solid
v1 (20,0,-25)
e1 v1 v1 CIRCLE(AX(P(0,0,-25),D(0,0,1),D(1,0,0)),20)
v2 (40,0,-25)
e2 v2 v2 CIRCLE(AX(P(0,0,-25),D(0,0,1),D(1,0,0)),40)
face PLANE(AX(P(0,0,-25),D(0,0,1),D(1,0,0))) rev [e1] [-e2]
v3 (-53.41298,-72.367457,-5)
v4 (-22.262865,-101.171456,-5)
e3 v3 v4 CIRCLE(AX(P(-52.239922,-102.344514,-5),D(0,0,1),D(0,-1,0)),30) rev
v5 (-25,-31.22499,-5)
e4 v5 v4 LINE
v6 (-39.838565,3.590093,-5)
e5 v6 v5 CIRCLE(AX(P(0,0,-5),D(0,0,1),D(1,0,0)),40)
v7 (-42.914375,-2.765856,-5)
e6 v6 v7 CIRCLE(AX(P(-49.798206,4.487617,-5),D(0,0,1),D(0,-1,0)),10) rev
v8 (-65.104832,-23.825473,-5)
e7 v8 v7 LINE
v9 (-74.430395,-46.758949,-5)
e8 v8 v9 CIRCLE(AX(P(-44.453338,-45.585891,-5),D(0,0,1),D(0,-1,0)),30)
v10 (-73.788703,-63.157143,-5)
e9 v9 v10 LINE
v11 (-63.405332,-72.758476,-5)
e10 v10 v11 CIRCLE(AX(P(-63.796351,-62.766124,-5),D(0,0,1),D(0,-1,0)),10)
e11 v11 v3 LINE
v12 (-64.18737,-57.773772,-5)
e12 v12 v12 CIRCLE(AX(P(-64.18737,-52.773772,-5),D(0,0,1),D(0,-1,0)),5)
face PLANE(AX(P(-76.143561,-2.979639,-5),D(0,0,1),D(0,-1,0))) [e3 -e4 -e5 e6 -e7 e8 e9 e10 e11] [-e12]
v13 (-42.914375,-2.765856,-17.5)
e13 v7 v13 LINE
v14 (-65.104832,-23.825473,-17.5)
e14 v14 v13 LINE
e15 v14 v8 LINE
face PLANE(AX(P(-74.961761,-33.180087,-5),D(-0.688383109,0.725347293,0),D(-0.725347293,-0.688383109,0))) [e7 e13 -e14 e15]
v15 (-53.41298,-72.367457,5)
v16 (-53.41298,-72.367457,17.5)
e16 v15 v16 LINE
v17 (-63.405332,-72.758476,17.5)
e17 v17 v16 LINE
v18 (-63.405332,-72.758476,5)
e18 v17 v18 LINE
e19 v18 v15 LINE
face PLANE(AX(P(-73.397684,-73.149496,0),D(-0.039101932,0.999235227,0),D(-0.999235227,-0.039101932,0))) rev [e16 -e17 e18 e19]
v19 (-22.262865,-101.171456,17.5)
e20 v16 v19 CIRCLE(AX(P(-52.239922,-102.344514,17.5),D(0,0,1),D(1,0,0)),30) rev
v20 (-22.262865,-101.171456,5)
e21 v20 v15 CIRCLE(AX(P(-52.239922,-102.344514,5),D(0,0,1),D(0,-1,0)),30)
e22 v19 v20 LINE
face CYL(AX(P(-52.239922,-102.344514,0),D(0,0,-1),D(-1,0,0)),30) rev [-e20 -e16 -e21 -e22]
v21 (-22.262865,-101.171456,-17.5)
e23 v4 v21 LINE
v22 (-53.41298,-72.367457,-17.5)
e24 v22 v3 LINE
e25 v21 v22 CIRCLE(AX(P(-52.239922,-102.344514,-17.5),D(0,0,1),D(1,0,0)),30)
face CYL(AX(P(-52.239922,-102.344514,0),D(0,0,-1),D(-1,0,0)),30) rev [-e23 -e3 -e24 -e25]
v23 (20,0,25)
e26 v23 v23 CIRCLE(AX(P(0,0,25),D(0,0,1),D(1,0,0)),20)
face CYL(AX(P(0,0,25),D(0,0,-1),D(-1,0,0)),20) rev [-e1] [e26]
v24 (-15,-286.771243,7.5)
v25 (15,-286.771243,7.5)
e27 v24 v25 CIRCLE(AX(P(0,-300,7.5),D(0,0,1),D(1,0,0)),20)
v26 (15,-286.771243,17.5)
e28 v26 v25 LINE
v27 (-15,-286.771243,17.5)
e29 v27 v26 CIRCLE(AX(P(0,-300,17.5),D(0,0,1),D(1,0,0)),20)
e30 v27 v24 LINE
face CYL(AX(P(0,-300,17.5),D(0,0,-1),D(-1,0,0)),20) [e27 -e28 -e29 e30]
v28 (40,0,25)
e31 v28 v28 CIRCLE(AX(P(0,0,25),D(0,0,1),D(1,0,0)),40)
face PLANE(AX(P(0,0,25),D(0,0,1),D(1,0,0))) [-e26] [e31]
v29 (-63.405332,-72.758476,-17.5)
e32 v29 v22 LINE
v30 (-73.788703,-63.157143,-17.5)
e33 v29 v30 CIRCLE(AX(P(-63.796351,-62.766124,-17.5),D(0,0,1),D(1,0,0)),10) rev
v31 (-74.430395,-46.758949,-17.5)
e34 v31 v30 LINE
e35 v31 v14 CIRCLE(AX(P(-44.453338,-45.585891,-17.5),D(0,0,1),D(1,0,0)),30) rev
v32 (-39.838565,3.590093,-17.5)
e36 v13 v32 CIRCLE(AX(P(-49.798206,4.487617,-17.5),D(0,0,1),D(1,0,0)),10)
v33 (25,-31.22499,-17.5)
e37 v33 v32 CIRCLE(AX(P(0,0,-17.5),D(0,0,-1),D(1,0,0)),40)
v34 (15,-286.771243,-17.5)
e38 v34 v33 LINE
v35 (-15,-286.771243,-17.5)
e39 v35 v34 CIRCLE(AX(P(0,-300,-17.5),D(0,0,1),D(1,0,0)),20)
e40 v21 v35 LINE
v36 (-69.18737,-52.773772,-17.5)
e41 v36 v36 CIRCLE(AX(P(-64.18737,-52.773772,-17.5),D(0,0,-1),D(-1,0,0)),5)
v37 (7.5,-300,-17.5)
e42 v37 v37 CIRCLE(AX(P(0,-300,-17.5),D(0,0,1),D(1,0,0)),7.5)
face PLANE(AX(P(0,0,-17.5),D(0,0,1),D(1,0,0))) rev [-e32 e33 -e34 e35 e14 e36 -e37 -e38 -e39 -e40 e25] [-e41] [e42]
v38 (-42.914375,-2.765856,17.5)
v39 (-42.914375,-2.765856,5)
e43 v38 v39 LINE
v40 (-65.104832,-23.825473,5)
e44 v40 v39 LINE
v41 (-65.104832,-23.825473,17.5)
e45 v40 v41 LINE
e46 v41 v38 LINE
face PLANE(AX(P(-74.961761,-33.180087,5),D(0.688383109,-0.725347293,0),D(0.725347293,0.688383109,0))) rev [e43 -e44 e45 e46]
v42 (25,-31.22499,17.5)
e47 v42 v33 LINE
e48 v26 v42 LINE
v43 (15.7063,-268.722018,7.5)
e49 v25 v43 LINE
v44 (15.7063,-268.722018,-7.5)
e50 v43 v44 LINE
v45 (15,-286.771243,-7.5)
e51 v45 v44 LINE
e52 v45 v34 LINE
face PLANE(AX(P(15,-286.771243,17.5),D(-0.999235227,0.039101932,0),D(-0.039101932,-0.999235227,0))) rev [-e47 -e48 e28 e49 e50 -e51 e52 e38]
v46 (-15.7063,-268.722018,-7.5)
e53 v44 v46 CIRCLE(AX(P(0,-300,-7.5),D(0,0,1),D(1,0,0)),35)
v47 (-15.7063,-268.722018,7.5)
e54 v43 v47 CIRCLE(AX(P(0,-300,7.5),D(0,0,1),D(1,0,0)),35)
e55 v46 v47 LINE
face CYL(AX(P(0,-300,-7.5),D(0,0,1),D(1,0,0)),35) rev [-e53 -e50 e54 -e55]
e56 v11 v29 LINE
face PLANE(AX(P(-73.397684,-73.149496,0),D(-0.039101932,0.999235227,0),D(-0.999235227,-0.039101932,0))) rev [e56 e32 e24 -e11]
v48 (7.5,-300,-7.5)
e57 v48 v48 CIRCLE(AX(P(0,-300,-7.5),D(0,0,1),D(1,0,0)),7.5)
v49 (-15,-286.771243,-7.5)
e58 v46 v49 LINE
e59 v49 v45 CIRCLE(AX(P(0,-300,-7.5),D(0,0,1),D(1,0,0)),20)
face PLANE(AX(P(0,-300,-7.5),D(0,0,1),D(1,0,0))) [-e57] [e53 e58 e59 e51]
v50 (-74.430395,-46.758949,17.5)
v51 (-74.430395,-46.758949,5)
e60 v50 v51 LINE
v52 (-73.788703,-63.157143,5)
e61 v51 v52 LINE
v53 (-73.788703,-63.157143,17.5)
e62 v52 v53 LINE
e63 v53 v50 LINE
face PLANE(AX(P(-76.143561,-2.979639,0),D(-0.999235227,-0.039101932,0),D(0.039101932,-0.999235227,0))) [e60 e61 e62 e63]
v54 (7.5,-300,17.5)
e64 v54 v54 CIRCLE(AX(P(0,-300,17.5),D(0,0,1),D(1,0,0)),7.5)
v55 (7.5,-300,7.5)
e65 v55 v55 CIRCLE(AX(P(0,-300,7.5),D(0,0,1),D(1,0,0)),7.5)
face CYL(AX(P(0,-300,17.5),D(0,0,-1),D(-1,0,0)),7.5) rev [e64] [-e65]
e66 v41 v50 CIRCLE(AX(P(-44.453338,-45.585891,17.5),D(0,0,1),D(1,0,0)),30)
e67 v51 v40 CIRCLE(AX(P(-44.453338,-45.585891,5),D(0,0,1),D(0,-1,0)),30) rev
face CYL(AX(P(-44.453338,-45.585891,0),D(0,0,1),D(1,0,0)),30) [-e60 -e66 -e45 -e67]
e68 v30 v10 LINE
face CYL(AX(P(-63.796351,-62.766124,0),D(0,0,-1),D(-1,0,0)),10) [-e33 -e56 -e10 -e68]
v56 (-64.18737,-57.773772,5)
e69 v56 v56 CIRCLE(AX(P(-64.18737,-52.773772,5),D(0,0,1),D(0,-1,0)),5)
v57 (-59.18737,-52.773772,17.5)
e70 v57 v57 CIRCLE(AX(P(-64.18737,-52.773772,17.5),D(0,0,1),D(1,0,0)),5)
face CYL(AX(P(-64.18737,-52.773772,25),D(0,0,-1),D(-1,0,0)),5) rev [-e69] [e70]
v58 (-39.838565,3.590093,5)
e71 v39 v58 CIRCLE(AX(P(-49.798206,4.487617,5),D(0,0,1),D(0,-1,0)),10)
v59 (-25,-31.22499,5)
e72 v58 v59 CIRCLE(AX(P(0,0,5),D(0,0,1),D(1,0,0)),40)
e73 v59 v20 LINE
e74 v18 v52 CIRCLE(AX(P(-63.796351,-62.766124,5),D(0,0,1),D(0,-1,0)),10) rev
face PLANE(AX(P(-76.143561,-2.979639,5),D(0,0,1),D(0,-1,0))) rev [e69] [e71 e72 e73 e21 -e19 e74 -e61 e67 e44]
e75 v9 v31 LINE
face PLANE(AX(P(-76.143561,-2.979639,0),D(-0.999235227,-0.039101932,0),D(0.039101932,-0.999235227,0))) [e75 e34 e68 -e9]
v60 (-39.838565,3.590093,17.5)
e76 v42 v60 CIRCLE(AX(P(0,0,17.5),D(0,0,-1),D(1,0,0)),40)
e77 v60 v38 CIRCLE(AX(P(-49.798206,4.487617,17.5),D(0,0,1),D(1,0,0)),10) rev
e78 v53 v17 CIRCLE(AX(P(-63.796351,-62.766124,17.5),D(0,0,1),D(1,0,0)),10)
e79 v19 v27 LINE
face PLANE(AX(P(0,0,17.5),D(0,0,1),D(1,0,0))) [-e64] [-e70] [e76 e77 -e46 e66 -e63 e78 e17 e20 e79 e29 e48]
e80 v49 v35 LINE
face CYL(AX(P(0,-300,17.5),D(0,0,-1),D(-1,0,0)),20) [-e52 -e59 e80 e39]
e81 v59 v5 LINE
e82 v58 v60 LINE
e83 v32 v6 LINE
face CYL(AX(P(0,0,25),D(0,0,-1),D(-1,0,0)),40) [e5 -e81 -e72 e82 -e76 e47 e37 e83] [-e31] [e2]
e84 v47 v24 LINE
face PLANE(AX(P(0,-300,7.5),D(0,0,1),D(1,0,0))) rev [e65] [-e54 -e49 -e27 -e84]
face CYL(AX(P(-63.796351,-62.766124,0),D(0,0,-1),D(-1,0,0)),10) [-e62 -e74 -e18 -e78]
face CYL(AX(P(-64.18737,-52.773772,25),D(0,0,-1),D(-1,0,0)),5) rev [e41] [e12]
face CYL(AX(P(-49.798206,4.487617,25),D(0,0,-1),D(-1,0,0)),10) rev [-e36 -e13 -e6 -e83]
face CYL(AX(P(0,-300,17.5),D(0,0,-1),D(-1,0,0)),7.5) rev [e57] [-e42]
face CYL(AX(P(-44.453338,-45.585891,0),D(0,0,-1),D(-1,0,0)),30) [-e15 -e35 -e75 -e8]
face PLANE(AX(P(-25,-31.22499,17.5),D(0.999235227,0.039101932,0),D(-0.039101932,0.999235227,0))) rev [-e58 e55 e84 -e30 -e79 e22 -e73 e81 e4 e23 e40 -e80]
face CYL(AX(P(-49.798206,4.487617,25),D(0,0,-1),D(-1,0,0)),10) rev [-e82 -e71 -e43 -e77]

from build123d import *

# Parameters (mm, degrees)
SKETCH1_R           = 40
SKETCH1_R_2         = 20
BOSS_EXTRUDE1_DEPTH = 25
SKETCH3_R           = 7.5
BOSS_EXTRUDE3_DEPTH = 17.5
SKETCH5_R           = 35
CUT_EXTRUDE1_DEPTH  = 7.5
SKETCH6_W           = 12.5
SKETCH6_H           = 40
BOSS_EXTRUDE4_DEPTH = 50
SKETCH7_R           = 5
CUT_EXTRUDE2_DEPTH  = 43.5
BOSS_EXTRUDE5_DEPTH = 12.5
FILLET2_R           = 10
FILLET3_R           = 30
FILLET4_R           = 10
FILLET5_R           = 30


with BuildPart() as part:
    # Sketch1 → Boss-Extrude1 (new body, symmetric)
    with BuildSketch(Plane.XY):
        Circle(SKETCH1_R)
        Circle(SKETCH1_R_2, mode=Mode.SUBTRACT)
    extrude(amount=BOSS_EXTRUDE1_DEPTH, both=True)

    # Sketch3 → Boss-Extrude3 (add, symmetric)
    with BuildSketch(Plane.XY):
        with BuildLine():
            Line((-25, -31.224989992), (-15, -286.771243445))
            ThreePointArc((-15, -286.771243445), (0, -320), (15, -286.771243445))
            Line((15, -286.771243445), (25, -31.224989992))
            ThreePointArc((25, -31.224989992), (0, -40), (-25, -31.224989992))
        make_face()
        with Locations((0, -300)):
            Circle(SKETCH3_R, mode=Mode.SUBTRACT)
    extrude(amount=BOSS_EXTRUDE3_DEPTH, both=True)

    # Sketch5 → Cut-Extrude1 (cut, symmetric)
    with BuildSketch(Plane.XY):
        with Locations((0, -300)):
            Circle(SKETCH5_R)
    extrude(amount=CUT_EXTRUDE1_DEPTH, both=True, mode=Mode.SUBTRACT)

    # Sketch6 → Boss-Extrude4 (add)
    with BuildSketch(Plane(origin=(-26.181799658, -1.024542497, 0), x_dir=(0, 0, 1), z_dir=(-0.999235227, -0.039101932, 0))):
        with Locations((11.25, -50.223561659)):
            Rectangle(SKETCH6_W, SKETCH6_H)
        with Locations((-11.25, -50.223561659)):
            Rectangle(SKETCH6_W, SKETCH6_H)
    extrude(amount=BOSS_EXTRUDE4_DEPTH)

    # Sketch7 → Cut-Extrude2 (cut, through all)
    with BuildSketch(Plane(origin=(0, 0, -17.5), x_dir=(-1, 0, 0), z_dir=(0, 0, -1))):
        with Locations((64.187370437, -52.773771819)):
            Circle(SKETCH7_R)
    extrude(amount=-CUT_EXTRUDE2_DEPTH, mode=Mode.SUBTRACT)

    # Sketch8 → Boss-Extrude5 (add)
    with BuildSketch(Plane(origin=(0, 0, -17.5), x_dir=(-1, 0, 0), z_dir=(0, 0, -1))):
        with BuildLine():
            Line((74.961761351, -33.180086601), (40, 0))
            ThreePointArc((40, 0), (36.055512755, -17.320508076), (25, -31.224989992))
            Line((25, -31.224989992), (74.961761351, -33.180086601))
        make_face()
    boss_extrude5 = extrude(amount=-BOSS_EXTRUDE5_DEPTH)

    # Mirror2: Boss-Extrude5 across plane
    add(boss_extrude5.mirror(Plane.XY))

    # Fillet2
    fillet2_edges = [part.edges().sort_by_distance(p)[0] for p in [
        (-73.397684064, -73.149495681, 11.25),
        (-73.397684064, -73.149495681, -11.25),
    ]]
    fillet(fillet2_edges, radius=FILLET2_R)

    # Fillet3
    fillet3_edges = [part.edges().sort_by_distance(p)[0] for p in [
        (-23.435922713, -71.194399072, 11.25),
        (-23.435922713, -71.194399072, -11.25),
    ]]
    fillet(fillet3_edges, radius=FILLET3_R)

    # Fillet4
    fillet4_edges = [part.edges().sort_by_distance(p)[0] for p in [
        (-40, 0, -11.25),
        (-40, 0, 11.25),
    ]]
    fillet(fillet4_edges, radius=FILLET4_R)

    # Fillet5
    fillet5_edges = [part.edges().sort_by_distance(p)[0] for p in [
        (-74.961761351, -33.180086601, 11.25),
        (-74.961761351, -33.180086601, -11.25),
    ]]
    fillet(fillet5_edges, radius=FILLET5_R)


solid = part.part
